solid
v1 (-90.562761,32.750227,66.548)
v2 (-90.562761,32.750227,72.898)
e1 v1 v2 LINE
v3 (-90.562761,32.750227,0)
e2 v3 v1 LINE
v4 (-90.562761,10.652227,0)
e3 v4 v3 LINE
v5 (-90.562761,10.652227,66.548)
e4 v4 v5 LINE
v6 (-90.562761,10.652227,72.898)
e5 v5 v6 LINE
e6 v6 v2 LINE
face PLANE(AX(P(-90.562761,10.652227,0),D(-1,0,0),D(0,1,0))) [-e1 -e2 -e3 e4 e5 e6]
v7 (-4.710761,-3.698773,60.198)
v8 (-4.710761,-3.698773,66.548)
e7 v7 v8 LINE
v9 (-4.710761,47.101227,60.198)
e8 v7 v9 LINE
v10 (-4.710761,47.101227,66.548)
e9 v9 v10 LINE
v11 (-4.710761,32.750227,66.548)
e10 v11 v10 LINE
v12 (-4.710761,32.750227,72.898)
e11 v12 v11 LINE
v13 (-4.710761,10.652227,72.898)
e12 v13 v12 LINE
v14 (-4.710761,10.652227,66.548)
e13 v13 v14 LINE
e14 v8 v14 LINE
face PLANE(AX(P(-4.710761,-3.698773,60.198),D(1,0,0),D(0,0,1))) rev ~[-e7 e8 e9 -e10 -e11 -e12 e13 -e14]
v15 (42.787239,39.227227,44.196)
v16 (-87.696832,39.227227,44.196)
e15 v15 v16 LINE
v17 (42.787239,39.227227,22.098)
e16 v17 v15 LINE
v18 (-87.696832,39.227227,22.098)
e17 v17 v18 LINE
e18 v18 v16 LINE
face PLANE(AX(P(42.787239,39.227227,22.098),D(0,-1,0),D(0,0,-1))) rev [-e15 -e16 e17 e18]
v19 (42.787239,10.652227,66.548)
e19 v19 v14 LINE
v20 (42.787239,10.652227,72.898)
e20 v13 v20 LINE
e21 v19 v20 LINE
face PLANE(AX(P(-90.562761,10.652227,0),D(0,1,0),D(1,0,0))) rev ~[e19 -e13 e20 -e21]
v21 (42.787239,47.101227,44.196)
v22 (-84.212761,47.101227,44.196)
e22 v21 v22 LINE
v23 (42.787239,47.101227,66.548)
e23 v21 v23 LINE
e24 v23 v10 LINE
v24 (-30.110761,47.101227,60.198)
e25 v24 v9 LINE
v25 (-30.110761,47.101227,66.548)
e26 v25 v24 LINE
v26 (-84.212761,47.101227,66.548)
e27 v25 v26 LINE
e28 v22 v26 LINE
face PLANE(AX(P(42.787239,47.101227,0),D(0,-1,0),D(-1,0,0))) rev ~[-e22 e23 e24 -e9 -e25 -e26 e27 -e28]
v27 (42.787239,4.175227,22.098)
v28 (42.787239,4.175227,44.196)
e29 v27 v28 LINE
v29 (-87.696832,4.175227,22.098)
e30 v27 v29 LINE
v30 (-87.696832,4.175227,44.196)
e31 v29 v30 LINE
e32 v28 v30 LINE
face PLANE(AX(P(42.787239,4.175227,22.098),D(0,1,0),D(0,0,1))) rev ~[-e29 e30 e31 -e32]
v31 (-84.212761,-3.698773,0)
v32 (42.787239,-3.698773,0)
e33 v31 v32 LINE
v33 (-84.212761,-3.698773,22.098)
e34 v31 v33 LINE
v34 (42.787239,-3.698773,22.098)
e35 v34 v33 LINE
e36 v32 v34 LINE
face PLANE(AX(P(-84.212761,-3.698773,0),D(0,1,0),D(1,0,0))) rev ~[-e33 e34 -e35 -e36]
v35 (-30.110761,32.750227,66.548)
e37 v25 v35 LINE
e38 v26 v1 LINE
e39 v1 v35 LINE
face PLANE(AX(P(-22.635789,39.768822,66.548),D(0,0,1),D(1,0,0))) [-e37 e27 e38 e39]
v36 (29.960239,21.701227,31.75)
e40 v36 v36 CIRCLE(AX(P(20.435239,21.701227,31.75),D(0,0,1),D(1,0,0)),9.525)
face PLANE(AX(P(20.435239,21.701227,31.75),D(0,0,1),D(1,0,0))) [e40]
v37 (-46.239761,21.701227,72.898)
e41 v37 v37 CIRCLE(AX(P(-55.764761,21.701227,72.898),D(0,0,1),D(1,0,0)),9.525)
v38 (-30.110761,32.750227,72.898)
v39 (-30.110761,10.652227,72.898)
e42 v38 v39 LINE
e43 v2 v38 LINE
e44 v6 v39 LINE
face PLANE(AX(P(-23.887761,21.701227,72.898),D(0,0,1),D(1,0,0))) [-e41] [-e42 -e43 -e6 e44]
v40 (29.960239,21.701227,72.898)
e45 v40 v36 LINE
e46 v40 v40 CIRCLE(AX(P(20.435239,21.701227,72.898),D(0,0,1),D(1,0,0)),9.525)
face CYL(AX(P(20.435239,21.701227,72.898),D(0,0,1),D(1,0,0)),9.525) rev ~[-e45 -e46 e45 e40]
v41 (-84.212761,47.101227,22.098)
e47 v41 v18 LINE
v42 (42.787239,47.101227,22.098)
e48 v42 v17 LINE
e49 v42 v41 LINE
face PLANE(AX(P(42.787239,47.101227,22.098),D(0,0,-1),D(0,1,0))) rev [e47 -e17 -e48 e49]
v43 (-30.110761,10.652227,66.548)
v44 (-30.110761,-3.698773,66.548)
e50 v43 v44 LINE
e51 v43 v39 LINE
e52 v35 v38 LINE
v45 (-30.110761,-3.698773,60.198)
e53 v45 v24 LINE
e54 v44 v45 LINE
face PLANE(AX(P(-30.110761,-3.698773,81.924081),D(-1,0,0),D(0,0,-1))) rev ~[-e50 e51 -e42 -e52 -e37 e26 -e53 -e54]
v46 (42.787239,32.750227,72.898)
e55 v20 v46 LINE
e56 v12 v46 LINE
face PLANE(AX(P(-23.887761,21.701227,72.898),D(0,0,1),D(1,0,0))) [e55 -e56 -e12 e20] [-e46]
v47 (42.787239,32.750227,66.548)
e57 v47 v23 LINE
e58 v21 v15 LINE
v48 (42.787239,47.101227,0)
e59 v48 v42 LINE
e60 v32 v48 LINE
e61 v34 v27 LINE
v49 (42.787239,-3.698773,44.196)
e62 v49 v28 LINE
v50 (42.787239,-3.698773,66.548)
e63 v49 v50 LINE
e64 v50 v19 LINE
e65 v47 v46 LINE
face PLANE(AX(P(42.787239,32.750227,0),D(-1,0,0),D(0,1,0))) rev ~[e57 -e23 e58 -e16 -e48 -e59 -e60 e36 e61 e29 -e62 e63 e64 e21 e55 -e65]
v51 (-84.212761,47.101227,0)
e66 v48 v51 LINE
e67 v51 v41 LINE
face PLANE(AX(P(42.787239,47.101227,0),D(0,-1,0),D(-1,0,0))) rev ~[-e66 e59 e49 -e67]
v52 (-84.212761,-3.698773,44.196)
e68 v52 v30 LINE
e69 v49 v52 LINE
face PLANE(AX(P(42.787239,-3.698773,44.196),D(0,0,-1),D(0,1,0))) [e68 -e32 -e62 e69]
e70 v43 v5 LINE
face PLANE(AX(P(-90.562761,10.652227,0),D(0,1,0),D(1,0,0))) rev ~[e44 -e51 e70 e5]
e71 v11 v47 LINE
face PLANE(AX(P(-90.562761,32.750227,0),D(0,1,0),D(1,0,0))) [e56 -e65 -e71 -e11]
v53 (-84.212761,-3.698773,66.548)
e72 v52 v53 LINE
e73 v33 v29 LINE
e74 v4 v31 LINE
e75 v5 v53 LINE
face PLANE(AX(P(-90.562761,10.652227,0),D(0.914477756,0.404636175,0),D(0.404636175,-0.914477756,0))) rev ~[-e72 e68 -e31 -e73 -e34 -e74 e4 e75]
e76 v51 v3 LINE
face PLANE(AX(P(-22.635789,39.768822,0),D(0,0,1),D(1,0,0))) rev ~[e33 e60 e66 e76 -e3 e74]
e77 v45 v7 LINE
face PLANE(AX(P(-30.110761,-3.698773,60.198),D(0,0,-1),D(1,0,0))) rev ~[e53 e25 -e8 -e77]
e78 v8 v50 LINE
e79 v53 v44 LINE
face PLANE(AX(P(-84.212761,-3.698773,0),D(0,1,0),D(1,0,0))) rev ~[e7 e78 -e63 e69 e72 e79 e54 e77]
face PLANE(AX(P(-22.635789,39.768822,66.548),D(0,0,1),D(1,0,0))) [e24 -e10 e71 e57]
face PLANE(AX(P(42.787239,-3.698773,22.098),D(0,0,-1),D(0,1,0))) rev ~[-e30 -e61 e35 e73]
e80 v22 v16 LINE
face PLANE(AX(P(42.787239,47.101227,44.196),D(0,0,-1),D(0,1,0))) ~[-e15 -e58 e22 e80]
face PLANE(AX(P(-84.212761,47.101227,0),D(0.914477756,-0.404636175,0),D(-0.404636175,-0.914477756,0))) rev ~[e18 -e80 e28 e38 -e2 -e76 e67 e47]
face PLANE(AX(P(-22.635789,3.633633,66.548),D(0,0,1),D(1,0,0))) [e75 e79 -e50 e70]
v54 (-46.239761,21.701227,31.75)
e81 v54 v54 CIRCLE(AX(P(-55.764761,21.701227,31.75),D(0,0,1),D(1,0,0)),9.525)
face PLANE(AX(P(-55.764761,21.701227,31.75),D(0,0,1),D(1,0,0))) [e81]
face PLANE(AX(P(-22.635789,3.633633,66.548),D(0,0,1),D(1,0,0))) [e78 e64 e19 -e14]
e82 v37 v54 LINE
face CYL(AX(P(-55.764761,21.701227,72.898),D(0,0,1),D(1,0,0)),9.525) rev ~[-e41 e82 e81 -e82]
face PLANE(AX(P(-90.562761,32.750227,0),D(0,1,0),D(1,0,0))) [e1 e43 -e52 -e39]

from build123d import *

# Parameters (mm, degrees)
F0_W      = 133.35
F0_H      = 22.098
F1_DEPTH  = 72.898
F2_DEPTH  = 66.548
F5_W      = 7.874
F5_H      = 22.098
F6_DEPTH  = 133.351
F8_W      = 25.4
F8_H      = 15.3760808487
F8_H_2    = 6.35
F9_DEPTH  = 50.801
F10_R     = 9.525
F11_DEPTH = 41.148


with BuildPart() as f1:
    # F0 (on Top) → F1 (new body)
    with BuildSketch(Plane.XY):
        with Locations((-23.8877614887, 21.7012270373)):
            Rectangle(F0_W, F0_H)
    extrude(amount=F1_DEPTH)

    # F0 (on Top) → F2 (join)
    with BuildSketch(Plane.XY):
        Polygon((42.7872385113, 47.1012270373), (-84.2127614887, 47.1012270373), (-90.5627614887, 32.7502270373), (42.7872385113, 32.7502270373), align=None)
        Polygon((42.7872385113, 10.6522270373), (-90.5627614887, 10.6522270373), (-84.2127614887, -3.6987729627), (42.7872385113, -3.6987729627), align=None)
    extrude(amount=F2_DEPTH)

    # F5 (on face) → F6 (cut, through all)
    with BuildSketch(Plane.YZ.offset(42.7872385113)):
        with Locations((0.2382270373, 33.147)):
            Rectangle(F5_W, F5_H)
    extrude(amount=-F6_DEPTH, mode=Mode.SUBTRACT)

    # F7: F1 across plane


with BuildPart() as f1_1:
    add(f1.part)
    add(f1.part.mirror(Plane(origin=(-20.7127614887, 21.7012270373, 33.274), x_dir=(1, 0, 0), z_dir=(0, -1, 0))), mode=Mode.INTERSECT)

    # F8 (on face) → F9 (cut, through all)
    with BuildSketch(Plane.XZ.offset(3.6987729627)):
        with Locations((-17.4107614887, 74.2360404243)):
            Rectangle(F8_W, F8_H)
        with Locations((-17.4107614887, 63.373)):
            Rectangle(F8_W, F8_H_2)
    extrude(amount=-F9_DEPTH, mode=Mode.SUBTRACT)

    # F10 (on face) → F11 (cut)
    with BuildSketch(Plane.XY.offset(72.898)):
        with Locations((-55.7647614887, 21.7012270373)):
            Circle(F10_R)
        with Locations((20.4352385113, 21.7012270373)):
            Circle(F10_R)
    extrude(amount=-F11_DEPTH, mode=Mode.SUBTRACT)


solid = f1_1.part
